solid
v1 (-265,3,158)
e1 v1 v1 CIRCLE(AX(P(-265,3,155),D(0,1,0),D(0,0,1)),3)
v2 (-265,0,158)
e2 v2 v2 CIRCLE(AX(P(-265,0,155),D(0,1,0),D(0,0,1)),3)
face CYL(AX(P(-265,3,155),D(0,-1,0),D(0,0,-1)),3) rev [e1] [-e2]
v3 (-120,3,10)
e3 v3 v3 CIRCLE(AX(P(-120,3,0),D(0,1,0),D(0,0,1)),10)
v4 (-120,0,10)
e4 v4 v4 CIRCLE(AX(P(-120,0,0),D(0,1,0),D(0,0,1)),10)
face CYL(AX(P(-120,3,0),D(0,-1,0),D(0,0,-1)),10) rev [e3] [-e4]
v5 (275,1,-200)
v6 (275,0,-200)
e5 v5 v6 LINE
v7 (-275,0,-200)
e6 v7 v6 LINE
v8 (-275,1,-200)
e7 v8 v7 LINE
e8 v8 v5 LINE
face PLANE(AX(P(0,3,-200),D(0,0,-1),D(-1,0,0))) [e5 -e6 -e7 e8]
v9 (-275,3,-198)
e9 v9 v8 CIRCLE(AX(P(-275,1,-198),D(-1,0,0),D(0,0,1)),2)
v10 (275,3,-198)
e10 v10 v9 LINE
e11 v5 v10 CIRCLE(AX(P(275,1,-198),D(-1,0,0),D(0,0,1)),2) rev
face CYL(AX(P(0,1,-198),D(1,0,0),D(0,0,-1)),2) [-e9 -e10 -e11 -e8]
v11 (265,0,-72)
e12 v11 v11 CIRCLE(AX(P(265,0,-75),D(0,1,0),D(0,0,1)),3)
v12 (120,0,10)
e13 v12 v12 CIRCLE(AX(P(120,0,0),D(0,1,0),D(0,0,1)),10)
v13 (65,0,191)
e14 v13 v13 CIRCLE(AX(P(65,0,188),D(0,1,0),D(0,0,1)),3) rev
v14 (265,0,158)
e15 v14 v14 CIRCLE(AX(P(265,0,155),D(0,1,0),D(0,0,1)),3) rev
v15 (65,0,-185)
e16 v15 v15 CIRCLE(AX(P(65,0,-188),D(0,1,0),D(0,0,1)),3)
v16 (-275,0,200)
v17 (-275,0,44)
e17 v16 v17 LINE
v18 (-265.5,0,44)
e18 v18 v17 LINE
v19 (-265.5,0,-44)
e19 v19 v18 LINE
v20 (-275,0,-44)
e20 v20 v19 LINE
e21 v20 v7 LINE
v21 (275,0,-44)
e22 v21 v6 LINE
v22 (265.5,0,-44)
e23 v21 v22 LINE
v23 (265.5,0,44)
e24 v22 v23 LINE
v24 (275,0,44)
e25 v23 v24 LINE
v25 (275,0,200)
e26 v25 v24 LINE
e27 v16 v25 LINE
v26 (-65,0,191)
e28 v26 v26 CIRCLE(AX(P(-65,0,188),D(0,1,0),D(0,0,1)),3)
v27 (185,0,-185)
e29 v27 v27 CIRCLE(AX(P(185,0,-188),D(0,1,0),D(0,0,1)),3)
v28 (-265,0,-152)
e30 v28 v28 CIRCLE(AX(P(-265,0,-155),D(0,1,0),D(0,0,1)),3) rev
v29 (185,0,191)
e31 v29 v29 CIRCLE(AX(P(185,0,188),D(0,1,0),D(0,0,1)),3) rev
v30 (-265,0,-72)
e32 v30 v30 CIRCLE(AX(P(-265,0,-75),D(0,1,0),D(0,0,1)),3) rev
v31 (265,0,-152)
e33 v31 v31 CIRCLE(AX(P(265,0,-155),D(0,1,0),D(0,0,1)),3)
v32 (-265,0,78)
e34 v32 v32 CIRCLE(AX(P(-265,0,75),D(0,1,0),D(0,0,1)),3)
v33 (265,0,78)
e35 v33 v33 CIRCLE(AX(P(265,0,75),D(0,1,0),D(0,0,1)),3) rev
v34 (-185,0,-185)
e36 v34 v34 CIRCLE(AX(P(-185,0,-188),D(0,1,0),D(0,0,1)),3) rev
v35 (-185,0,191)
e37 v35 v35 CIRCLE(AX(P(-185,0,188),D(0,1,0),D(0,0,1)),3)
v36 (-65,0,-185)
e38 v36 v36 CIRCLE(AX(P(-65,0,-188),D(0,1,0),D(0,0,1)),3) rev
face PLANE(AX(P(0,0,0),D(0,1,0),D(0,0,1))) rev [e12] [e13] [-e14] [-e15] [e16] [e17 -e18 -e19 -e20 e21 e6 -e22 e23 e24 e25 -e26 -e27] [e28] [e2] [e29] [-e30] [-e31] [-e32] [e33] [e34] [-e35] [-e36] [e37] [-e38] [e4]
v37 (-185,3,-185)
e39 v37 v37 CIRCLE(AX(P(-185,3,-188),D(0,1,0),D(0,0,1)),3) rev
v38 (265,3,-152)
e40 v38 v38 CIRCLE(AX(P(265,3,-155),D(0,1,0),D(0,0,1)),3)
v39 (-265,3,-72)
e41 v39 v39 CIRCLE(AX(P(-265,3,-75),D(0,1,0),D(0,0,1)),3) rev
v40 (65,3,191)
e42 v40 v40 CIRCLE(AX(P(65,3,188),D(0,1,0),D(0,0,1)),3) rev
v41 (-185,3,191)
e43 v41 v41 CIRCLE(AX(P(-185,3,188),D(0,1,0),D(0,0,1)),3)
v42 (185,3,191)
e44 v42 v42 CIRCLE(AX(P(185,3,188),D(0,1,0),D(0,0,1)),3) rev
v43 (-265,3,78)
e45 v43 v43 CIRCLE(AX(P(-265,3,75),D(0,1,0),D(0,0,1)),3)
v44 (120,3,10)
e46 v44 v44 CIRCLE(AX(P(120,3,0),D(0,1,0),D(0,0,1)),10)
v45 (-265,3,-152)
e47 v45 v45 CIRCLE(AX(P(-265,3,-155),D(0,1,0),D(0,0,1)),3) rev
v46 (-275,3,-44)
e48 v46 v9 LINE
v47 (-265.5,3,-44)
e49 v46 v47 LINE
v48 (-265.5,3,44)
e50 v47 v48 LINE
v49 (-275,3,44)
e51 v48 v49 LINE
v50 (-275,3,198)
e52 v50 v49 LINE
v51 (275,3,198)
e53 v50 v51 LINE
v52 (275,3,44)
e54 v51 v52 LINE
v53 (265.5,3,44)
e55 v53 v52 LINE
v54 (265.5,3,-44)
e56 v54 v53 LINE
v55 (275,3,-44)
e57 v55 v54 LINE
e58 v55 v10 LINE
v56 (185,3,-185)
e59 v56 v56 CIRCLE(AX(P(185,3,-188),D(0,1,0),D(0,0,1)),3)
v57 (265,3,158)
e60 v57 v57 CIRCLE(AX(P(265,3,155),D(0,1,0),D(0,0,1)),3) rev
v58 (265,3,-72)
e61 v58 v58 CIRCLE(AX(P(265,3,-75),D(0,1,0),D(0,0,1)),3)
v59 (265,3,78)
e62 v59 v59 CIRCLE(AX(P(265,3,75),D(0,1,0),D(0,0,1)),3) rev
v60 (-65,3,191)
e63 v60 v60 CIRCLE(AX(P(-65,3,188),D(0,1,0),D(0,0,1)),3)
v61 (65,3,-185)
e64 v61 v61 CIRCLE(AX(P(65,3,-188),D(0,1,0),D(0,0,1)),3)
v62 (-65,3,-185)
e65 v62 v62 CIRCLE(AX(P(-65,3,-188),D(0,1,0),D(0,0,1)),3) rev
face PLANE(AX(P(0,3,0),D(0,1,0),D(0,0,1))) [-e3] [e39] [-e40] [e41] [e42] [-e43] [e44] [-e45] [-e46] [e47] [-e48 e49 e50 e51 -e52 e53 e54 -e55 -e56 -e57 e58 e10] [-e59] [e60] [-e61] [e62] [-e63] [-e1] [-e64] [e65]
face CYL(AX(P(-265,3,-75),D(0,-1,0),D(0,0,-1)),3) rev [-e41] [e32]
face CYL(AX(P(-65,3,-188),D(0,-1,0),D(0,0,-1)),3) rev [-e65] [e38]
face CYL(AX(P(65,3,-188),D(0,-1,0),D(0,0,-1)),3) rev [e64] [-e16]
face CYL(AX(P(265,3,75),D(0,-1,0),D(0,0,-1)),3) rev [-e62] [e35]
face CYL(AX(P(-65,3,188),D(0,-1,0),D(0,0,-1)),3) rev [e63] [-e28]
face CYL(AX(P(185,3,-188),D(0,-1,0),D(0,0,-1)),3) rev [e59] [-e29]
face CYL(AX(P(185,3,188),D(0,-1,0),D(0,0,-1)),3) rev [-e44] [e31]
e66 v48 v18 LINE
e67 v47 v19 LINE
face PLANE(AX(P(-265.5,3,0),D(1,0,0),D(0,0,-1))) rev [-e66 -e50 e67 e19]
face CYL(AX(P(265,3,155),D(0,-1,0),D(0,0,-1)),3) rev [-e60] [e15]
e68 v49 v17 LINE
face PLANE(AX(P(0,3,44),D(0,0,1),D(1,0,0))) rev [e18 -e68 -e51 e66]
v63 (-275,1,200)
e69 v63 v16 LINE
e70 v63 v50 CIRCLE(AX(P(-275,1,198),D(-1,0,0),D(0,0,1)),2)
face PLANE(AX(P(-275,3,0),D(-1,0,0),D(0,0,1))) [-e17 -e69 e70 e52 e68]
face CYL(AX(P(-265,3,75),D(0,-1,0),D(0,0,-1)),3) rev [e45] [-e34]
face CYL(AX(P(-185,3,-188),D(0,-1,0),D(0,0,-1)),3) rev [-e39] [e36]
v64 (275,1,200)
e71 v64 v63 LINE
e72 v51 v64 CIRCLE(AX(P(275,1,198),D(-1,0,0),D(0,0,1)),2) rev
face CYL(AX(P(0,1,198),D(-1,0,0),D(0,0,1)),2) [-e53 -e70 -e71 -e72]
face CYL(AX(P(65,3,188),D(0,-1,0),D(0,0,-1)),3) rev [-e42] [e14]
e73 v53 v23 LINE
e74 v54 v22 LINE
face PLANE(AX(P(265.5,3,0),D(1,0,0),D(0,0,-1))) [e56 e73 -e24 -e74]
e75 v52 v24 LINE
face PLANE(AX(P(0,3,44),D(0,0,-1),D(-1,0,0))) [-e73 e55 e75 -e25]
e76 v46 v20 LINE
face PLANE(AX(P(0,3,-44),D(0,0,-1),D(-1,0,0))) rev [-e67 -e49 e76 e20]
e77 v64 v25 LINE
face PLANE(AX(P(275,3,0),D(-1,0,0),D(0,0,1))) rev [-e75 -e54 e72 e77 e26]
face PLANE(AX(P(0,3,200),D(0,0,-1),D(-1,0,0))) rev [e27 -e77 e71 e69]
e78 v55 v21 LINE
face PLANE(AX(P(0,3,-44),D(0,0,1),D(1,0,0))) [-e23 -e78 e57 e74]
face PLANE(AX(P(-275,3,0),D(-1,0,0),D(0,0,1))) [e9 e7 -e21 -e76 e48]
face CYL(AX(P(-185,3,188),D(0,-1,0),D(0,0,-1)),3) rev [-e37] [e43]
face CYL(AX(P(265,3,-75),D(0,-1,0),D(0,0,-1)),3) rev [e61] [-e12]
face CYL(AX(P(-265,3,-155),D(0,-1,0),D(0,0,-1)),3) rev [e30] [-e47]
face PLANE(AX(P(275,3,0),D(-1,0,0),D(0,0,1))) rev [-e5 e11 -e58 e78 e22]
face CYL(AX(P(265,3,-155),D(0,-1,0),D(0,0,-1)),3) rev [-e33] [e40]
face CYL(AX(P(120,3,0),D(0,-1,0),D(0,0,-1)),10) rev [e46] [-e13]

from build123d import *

# Parameters (mm, degrees)
SKETCH_1_R      = 3
SKETCH_1_R_2    = 10
EXTRUDE_1_DEPTH = 3
FILLET_1_R      = 2
FILLET_2_R      = 2


with BuildPart() as part:
    # 草图1 → 凸台-拉伸1 (new body)
    with BuildSketch(Plane(origin=(0, 0, 0), x_dir=(1, 0, 0), z_dir=(0, 1, 0))):
        Polygon((-275, -200), (275, -200), (275, -44), (265.5, -44), (265.5, 44), (275, 44), (275, 200), (-275, 200), (-275, 44), (-265.5, 44), (-265.5, -44), (-275, -44), align=None)
        with Locations(Location((-265, -75, 0), (0, 0, 270))):
            Circle(SKETCH_1_R, mode=Mode.SUBTRACT)
        with Locations(Location((-265, -155, 0), (0, 0, 270))):
            Circle(SKETCH_1_R, mode=Mode.SUBTRACT)
        with Locations(Location((-185, -188, 0), (0, 0, 270))):
            Circle(SKETCH_1_R, mode=Mode.SUBTRACT)
        with Locations(Location((-65, -188, 0), (0, 0, 270))):
            Circle(SKETCH_1_R, mode=Mode.SUBTRACT)
        with Locations(Location((-65, 188, 0), (0, 0, 270))):
            Circle(SKETCH_1_R, mode=Mode.SUBTRACT)
        with Locations(Location((-185, 188, 0), (0, 0, 270))):
            Circle(SKETCH_1_R, mode=Mode.SUBTRACT)
        with Locations(Location((-265, 155, 0), (0, 0, 270))):
            Circle(SKETCH_1_R, mode=Mode.SUBTRACT)
        with Locations(Location((-265, 75, 0), (0, 0, 270))):
            Circle(SKETCH_1_R, mode=Mode.SUBTRACT)
        with Locations(Location((265, 75, 0), (0, 0, 270))):
            Circle(SKETCH_1_R, mode=Mode.SUBTRACT)
        with Locations(Location((265, 155, 0), (0, 0, 270))):
            Circle(SKETCH_1_R, mode=Mode.SUBTRACT)
        with Locations(Location((185, 188, 0), (0, 0, 270))):
            Circle(SKETCH_1_R, mode=Mode.SUBTRACT)
        with Locations(Location((65, 188, 0), (0, 0, 270))):
            Circle(SKETCH_1_R, mode=Mode.SUBTRACT)
        with Locations(Location((65, -188, 0), (0, 0, 270))):
            Circle(SKETCH_1_R, mode=Mode.SUBTRACT)
        with Locations(Location((185, -188, 0), (0, 0, 270))):
            Circle(SKETCH_1_R, mode=Mode.SUBTRACT)
        with Locations(Location((265, -155, 0), (0, 0, 270))):
            Circle(SKETCH_1_R, mode=Mode.SUBTRACT)
        with Locations(Location((265, -75, 0), (0, 0, 270))):
            Circle(SKETCH_1_R, mode=Mode.SUBTRACT)
        with Locations(Location((-120, 0, 0), (0, 0, 270))):
            Circle(SKETCH_1_R_2, mode=Mode.SUBTRACT)
        with Locations(Location((120, 0, 0), (0, 0, 270))):
            Circle(SKETCH_1_R_2, mode=Mode.SUBTRACT)
    extrude(amount=EXTRUDE_1_DEPTH)

    # 圆角1
    fillet_1_edges = [part.edges().sort_by_distance(p)[0] for p in [
        (0, 3, 200),
    ]]
    fillet(fillet_1_edges, radius=FILLET_1_R)

    # 圆角2
    fillet_2_edges = [part.edges().sort_by_distance(p)[0] for p in [
        (0, 3, -200),
    ]]
    fillet(fillet_2_edges, radius=FILLET_2_R)


solid = part.part
